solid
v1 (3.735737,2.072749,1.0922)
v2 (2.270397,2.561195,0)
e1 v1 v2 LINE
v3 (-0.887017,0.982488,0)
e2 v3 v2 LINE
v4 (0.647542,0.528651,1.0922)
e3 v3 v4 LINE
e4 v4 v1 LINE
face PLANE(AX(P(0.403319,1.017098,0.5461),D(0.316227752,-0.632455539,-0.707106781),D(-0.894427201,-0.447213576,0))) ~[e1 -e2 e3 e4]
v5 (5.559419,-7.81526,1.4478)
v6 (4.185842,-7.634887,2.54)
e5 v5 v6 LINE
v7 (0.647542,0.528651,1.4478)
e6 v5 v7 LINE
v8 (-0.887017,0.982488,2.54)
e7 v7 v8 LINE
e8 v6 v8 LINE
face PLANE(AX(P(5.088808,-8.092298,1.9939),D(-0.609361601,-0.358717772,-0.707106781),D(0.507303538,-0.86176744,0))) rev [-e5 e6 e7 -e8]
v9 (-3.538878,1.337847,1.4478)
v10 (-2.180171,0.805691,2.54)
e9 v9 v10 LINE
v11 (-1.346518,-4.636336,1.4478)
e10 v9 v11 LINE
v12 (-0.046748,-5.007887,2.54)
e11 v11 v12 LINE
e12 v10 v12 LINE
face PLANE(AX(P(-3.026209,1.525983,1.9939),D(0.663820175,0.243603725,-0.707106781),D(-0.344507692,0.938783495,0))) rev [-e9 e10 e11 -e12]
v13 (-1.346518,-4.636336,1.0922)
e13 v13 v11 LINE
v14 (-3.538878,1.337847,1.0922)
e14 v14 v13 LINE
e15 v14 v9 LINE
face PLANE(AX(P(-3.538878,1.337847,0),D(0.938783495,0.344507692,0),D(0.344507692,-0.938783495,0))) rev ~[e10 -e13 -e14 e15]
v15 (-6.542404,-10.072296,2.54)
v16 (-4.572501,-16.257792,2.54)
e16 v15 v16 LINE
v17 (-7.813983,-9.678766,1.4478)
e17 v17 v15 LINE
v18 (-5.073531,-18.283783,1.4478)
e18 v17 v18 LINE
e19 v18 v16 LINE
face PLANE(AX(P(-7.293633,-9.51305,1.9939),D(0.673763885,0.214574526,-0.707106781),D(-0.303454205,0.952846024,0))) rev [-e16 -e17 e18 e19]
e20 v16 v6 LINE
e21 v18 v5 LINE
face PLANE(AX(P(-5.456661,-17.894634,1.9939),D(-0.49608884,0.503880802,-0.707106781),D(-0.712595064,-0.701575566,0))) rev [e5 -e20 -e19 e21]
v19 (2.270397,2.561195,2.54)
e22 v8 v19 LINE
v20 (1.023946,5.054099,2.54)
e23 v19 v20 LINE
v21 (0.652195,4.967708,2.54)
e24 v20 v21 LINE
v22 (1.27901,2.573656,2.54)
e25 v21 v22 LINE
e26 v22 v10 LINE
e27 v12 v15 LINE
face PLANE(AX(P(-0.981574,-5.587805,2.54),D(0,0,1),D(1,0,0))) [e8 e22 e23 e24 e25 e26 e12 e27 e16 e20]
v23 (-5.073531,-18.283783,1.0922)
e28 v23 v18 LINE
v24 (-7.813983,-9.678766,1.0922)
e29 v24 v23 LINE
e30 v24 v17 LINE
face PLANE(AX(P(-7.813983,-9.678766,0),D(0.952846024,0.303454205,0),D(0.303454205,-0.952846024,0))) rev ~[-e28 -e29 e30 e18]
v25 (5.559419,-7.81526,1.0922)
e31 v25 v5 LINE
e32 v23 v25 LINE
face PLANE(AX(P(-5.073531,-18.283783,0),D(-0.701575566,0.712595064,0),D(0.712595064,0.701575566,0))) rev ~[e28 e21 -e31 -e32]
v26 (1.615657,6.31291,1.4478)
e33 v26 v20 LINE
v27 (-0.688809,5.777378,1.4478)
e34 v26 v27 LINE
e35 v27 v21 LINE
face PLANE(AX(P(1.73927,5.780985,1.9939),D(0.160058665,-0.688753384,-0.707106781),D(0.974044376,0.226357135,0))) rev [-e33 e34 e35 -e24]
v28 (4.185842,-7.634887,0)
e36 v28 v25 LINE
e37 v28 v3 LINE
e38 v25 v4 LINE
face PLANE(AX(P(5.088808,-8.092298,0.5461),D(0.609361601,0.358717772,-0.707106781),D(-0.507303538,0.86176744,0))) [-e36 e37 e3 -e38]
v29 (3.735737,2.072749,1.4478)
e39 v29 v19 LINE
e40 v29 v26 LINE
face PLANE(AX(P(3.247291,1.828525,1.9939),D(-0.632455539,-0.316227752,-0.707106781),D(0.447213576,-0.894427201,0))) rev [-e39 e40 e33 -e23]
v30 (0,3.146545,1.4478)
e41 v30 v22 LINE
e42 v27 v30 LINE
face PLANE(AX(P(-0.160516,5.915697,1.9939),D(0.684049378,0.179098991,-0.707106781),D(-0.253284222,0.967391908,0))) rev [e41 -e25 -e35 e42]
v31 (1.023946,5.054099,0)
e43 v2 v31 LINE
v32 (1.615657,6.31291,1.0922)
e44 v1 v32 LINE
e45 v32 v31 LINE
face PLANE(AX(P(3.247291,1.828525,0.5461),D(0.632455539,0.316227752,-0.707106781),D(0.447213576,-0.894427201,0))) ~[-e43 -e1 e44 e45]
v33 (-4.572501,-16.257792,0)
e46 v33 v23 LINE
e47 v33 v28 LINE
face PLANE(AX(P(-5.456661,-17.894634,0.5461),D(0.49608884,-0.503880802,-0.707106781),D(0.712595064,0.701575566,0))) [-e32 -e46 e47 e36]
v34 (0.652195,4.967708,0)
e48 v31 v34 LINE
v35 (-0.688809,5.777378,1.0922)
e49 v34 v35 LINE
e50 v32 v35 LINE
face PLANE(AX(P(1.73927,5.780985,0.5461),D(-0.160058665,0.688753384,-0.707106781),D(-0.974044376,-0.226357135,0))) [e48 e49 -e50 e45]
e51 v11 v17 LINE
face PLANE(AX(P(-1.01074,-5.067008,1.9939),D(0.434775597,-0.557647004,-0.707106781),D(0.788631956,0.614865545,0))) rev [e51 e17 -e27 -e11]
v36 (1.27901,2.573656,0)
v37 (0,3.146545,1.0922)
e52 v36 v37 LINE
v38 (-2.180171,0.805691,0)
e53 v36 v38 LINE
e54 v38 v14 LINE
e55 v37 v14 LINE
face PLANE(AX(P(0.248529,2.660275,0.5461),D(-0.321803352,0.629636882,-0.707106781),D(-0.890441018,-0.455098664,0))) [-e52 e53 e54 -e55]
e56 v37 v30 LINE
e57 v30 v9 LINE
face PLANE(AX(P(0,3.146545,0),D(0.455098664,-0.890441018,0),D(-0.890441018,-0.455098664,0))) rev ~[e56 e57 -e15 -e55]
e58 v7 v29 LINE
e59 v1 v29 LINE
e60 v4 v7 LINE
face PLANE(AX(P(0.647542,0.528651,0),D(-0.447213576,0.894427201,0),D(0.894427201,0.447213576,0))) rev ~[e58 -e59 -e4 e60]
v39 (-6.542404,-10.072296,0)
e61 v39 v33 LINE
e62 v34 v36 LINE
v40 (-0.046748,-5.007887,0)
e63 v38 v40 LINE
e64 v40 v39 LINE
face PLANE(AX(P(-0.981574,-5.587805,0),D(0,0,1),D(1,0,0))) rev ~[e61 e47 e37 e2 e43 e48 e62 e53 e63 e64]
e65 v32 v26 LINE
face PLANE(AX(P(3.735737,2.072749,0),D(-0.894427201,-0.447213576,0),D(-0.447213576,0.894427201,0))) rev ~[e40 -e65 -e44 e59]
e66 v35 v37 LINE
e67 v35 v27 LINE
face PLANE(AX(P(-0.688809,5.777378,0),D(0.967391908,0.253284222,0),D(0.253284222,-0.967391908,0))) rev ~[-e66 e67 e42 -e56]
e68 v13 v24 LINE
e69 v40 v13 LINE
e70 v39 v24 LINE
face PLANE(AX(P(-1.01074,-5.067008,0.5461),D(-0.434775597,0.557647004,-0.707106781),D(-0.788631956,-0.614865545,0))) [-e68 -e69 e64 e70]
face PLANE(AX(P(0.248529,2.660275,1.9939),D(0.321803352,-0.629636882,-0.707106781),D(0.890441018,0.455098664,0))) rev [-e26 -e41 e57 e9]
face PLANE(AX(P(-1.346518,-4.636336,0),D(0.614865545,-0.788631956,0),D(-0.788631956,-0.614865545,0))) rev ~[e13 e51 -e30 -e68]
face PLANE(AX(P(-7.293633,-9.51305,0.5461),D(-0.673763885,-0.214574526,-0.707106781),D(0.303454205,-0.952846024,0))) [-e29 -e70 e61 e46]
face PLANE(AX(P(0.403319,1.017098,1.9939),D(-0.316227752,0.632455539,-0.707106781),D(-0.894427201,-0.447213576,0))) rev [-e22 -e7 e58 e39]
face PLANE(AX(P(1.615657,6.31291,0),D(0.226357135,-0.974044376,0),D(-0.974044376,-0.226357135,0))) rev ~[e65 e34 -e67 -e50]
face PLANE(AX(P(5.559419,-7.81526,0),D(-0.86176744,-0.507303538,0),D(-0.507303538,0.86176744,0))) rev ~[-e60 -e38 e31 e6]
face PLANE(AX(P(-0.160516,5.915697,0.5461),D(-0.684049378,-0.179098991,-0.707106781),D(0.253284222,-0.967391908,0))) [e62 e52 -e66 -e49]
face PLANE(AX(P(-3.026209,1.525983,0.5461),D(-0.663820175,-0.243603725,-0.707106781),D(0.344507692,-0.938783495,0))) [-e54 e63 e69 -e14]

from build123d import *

# Parameters (mm, degrees)
F1_DEPTH = 2.54
F2_SIZE  = 1.0922
F3_SIZE  = 1.0922


with BuildPart() as f1:
    # F0 (on Top) → F1 (new body)
    with BuildSketch(Plane.XY):
        Polygon((3.7357374094, 2.0727487281), (1.6156566562, 6.3129104674), (-0.688809203, 5.7773781009), (0, 3.146545263), (-3.5388784017, 1.3378473232), (-1.3465175871, -4.636336118), (-7.8139826655, -9.6787661314), (-5.0735310651, -18.2837825269), (5.5594188161, -7.8152595088), (0.6475421183, 0.5286511673), align=None)
    extrude(amount=F1_DEPTH)

    # F2
    f2_edges = [f1.edges().sort_by_distance(p)[0] for p in [
        (3.10348, -3.643304, 2.54),
        (2.19164, 1.3007, 2.54),
        (2.675697, 4.19283, 2.54),
        (0.463424, 6.045144, 2.54),
        (-0.344405, 4.461962, 2.54),
        (-1.769439, 2.242196, 2.54),
        (-2.442698, -1.649244, 2.54),
        (-4.58025, -7.157551, 2.54),
        (-6.443757, -13.981274, 2.54),
        (0.242944, -13.049521, 2.54),
    ]]
    chamfer(f2_edges, length=F2_SIZE)

    # F3
    f3_edges = [f1.edges().sort_by_distance(p)[0] for p in [
        (3.10348, -3.643304, 0),
        (2.19164, 1.3007, 0),
        (2.675697, 4.19283, 0),
        (0.463424, 6.045144, 0),
        (-0.344405, 4.461962, 0),
        (-1.769439, 2.242196, 0),
        (-2.442698, -1.649244, 0),
        (-4.58025, -7.157551, 0),
        (-6.443757, -13.981274, 0),
        (0.242944, -13.049521, 0),
    ]]
    chamfer(f3_edges, length=F3_SIZE)


solid = f1.part
